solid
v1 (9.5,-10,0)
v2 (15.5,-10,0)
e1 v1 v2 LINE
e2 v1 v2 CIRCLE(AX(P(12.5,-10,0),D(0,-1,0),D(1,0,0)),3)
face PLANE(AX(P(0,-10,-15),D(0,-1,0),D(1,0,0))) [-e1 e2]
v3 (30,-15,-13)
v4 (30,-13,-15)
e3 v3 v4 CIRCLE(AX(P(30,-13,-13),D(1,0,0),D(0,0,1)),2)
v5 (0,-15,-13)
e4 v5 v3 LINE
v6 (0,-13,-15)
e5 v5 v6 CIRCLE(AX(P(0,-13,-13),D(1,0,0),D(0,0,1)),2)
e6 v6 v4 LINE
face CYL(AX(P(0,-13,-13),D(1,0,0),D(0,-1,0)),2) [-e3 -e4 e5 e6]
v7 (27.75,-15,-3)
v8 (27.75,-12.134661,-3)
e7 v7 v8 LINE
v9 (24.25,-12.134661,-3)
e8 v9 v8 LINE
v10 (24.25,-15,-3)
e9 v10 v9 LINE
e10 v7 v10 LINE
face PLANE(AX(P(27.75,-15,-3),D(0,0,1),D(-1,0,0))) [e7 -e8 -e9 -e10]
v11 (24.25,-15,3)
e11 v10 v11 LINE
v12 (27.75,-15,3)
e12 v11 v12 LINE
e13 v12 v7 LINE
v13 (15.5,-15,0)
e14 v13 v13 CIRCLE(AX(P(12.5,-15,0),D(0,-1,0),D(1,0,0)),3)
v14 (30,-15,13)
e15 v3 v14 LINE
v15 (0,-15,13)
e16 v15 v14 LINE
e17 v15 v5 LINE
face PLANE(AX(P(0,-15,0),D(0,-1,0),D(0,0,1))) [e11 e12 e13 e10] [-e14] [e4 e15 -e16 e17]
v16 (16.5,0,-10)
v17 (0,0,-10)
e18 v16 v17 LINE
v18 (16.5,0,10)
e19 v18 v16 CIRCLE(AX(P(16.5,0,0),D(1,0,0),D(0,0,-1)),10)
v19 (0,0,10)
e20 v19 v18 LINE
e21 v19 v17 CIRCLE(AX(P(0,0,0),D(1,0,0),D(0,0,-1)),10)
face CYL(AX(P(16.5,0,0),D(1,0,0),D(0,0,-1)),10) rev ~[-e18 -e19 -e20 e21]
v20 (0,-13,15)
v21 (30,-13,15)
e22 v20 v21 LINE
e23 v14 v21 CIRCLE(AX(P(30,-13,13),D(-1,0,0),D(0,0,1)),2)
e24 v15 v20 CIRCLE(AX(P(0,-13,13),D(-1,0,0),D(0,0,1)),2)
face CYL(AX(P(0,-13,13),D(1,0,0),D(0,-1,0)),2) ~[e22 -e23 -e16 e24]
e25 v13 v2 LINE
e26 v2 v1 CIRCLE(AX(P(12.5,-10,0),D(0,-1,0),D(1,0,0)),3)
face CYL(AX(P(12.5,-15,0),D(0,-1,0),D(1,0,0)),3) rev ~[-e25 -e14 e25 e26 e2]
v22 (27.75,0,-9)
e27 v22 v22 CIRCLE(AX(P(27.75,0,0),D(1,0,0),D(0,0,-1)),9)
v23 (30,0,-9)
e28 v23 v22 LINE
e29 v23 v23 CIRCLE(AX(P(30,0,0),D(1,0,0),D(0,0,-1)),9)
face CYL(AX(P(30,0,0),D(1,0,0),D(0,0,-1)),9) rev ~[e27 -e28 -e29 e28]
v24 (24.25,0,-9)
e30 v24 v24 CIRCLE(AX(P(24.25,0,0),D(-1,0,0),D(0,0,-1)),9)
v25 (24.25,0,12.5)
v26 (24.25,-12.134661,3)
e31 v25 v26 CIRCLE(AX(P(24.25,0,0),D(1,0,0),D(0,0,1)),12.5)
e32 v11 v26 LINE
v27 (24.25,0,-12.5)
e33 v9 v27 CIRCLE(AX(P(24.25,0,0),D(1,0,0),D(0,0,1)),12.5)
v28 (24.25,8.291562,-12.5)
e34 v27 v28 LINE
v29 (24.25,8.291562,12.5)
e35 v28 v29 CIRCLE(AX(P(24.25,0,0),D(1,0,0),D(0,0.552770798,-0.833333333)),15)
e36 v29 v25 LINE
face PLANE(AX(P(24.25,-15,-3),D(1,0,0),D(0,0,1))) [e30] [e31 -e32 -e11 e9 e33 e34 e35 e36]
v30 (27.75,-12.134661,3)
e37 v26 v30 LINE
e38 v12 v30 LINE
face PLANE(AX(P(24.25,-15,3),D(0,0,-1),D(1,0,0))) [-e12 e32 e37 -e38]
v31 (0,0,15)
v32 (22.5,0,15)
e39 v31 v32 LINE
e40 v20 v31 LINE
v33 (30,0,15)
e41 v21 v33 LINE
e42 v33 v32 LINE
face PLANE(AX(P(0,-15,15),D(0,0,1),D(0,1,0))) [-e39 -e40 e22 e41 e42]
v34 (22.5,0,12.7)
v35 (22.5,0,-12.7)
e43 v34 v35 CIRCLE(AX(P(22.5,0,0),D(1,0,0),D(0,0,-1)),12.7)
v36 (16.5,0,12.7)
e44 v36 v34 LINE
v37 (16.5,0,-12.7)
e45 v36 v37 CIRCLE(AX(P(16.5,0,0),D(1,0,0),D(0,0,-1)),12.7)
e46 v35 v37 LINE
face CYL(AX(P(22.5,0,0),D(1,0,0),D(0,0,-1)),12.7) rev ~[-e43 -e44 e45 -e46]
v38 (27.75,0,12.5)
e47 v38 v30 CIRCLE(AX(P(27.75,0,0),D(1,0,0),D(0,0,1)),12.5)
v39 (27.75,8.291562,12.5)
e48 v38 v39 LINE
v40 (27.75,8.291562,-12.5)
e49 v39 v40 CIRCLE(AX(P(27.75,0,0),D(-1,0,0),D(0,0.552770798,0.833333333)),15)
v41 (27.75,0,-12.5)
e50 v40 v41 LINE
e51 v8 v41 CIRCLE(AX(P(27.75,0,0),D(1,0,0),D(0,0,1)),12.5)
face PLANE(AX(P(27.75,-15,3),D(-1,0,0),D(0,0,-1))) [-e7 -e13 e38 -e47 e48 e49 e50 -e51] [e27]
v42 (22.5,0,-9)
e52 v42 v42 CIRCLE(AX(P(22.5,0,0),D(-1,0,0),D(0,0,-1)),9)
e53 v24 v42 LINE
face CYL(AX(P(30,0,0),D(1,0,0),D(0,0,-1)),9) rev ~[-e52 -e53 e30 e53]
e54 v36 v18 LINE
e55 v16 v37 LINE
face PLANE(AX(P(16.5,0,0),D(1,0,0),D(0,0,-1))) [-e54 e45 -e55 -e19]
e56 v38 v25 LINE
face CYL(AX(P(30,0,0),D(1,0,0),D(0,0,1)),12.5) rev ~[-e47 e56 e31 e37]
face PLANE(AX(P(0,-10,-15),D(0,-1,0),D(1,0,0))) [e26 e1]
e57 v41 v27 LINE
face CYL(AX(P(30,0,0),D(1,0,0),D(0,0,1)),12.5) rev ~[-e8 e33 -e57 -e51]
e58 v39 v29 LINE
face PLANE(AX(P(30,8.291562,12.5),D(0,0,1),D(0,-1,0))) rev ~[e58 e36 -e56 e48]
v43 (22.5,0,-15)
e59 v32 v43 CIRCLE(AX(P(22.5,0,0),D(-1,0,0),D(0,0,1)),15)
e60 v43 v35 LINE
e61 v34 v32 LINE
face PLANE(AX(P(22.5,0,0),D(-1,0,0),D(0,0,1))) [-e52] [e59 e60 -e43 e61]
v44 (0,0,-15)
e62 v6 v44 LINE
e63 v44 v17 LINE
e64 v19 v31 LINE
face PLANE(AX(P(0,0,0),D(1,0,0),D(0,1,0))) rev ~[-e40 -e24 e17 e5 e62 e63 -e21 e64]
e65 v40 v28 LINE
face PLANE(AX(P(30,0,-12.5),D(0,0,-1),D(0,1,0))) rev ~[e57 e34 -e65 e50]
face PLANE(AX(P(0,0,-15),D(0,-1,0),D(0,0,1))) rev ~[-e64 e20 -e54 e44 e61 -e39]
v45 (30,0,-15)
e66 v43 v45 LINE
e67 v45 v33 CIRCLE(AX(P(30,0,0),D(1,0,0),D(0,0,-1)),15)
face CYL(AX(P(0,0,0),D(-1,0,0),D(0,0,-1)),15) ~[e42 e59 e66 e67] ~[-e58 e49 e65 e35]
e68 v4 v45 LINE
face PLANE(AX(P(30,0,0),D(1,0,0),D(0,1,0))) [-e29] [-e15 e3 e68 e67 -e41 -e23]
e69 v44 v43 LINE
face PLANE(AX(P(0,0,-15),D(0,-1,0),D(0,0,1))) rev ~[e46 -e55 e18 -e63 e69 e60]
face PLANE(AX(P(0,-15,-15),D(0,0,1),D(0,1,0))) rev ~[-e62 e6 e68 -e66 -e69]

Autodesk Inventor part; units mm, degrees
ref_plane "YZ Plane" through (0, 0, 0) normal (1, 0, 0) x (0, 1, 0)
ref_plane "XZ Plane" through (0, 0, 0) normal (0, 1, 0) x (-1, 0, 0)
ref_plane "XY Plane" through (0, 0, 0) normal (0, 0, 1) x (1, 0, 0)
sketch "スケッチ1" plane through (0, 0, 0) normal (1, 0, 0) x (0, 1, 0)
  line L0 (-15, 0) -> (-15, 15)
  line L1 (-15, 15) -> (0, 15)
  line L2 (-15, 0) -> (-15, -15)
  line L3 (-15, -15) -> (0, -15)
  arc A0 (0, -15) -> (0, 15) centre (0, 0) ccw
  dimension "d0" = 15
  dimension "d1" = 15
  dimension "d2" = 15
  dimension "d3" = 15
  dimension "d4" = 30
extrude "押し出し1" add sketch "スケッチ1" along normal blind 30
sketch "スケッチ2" plane through (30, 0, 0) normal (1, 0, 0) x (0, 0, -1)
  circle A0 centre (0, 0) radius 9
  dimension "d7" = 18
extrude "押し出し2" cut sketch "スケッチ2" against normal blind 7.5
sketch "スケッチ3" plane through (22.5, 0, 0) normal (1, 0, 0) x (0, 0, -1)
  circle A0 centre (0, 0) radius 12.7
  dimension "d10" = 25.4
extrude "押し出し3" cut sketch "スケッチ3" against normal blind 6
sketch "スケッチ4" plane through (16.5, 0, 0) normal (1, 0, 0) x (0, 0, -1)
  circle A0 centre (0, 0) radius 10
  dimension "d13" = 20
extrude "押し出し4" cut sketch "スケッチ4" against normal through all
sketch "スケッチ5" plane through (0, 0, 0) normal (-1, 0, 0) x (0, 0, 1)
  arc A0 (15, 0) -> (-15, 0) centre (0, 0) ccw
  line L0 (-15, 0) -> (15, 0)
  dimension "d16" = 30
extrude "押し出し5" cut sketch "スケッチ5" against normal blind 22.5
sketch "スケッチ6" plane through (30, 0, 0) normal (1, 0, 0) x (0, 0, -1)
  arc A0 (-12.5, 0) -> (12.5, 0) centre (0, 0) ccw
  arc A1 (15, 0) -> (-15, 0) centre (0, 0) ccw projected
  line L0 (-12.5, 0) -> (12.5, 0)
  line L1 (12.5, 0) -> (12.5, 20)
  line L2 (12.5, 20) -> (-12.5, 20)
  line L3 (-12.5, 20) -> (-12.5, 0)
  point P0 (12.5, 8.2916)
  point P1 (-12.5, 8.2916)
  dimension "d19" = 25
  dimension "d20" = 25
  dimension "d21" = 20
extrude "押し出し6" cut sketch "スケッチ6" against normal blind 5.75 contours L0 A0 | L3 A1 L1 L0
sketch "スケッチ7" plane through (30, 0, 0) normal (1, 0, 0) x (0, 0, -1)
  arc A0 (-12.5, 0) -> (12.5, 0) centre (0, 0) ccw
  arc A1 (15, 0) -> (-15, 0) centre (0, 0) ccw
  line L0 (-15, 0) -> (15, 0)
  dimension "d24" = 25
  dimension "d25" = 30
extrude "押し出し7" add sketch "スケッチ7" against normal blind 2.25
sketch "スケッチ8" plane through (30, 0, 0) normal (1, 0, 0) x (0, 0, -1)
  circle A0 centre (0, 0) radius 9
  dimension "d28" = 18
extrude "押し出し8" cut sketch "スケッチ8" against normal through all
sketch "スケッチ9" plane through (0, -15, -15) normal (0, -1, 0) x (1, 0, 0)
  line L0 (0, 15) -> (26, 15) construction
  line L1 (27.75, 12) -> (24.25, 12)
  line L2 (24.25, 12) -> (24.25, 18)
  line L3 (24.25, 18) -> (27.75, 18)
  line L4 (27.75, 18) -> (27.75, 12)
  line L5 (27.75, 12) -> (24.25, 18) construction
  line L6 (24.25, 12) -> (27.75, 18) construction
  dimension "d31" = 26
  dimension "d32" = 3.5
  dimension "d33" = 6
extrude "押し出し9" cut sketch "スケッチ9" against normal through all
sketch "スケッチ10" plane through (0, -15, -15) normal (0, -1, 0) x (1, 0, 0)
  line L0 (0, 15) -> (12.5, 15) construction
  circle A0 centre (12.5, 15) radius 3
  dimension "d36" = 12.5
  dimension "d37" = 6
extrude "押し出し10" cut sketch "スケッチ10" against normal blind 5
thread "ねじ1" size "M6x1" class "6H" standard "ANSI Metric M Profile" full length
fillet "フィレット1" radius 2 2 edges at (15, -15, -15) (15, -15, 15)
properties part number "コリメータマウント"
